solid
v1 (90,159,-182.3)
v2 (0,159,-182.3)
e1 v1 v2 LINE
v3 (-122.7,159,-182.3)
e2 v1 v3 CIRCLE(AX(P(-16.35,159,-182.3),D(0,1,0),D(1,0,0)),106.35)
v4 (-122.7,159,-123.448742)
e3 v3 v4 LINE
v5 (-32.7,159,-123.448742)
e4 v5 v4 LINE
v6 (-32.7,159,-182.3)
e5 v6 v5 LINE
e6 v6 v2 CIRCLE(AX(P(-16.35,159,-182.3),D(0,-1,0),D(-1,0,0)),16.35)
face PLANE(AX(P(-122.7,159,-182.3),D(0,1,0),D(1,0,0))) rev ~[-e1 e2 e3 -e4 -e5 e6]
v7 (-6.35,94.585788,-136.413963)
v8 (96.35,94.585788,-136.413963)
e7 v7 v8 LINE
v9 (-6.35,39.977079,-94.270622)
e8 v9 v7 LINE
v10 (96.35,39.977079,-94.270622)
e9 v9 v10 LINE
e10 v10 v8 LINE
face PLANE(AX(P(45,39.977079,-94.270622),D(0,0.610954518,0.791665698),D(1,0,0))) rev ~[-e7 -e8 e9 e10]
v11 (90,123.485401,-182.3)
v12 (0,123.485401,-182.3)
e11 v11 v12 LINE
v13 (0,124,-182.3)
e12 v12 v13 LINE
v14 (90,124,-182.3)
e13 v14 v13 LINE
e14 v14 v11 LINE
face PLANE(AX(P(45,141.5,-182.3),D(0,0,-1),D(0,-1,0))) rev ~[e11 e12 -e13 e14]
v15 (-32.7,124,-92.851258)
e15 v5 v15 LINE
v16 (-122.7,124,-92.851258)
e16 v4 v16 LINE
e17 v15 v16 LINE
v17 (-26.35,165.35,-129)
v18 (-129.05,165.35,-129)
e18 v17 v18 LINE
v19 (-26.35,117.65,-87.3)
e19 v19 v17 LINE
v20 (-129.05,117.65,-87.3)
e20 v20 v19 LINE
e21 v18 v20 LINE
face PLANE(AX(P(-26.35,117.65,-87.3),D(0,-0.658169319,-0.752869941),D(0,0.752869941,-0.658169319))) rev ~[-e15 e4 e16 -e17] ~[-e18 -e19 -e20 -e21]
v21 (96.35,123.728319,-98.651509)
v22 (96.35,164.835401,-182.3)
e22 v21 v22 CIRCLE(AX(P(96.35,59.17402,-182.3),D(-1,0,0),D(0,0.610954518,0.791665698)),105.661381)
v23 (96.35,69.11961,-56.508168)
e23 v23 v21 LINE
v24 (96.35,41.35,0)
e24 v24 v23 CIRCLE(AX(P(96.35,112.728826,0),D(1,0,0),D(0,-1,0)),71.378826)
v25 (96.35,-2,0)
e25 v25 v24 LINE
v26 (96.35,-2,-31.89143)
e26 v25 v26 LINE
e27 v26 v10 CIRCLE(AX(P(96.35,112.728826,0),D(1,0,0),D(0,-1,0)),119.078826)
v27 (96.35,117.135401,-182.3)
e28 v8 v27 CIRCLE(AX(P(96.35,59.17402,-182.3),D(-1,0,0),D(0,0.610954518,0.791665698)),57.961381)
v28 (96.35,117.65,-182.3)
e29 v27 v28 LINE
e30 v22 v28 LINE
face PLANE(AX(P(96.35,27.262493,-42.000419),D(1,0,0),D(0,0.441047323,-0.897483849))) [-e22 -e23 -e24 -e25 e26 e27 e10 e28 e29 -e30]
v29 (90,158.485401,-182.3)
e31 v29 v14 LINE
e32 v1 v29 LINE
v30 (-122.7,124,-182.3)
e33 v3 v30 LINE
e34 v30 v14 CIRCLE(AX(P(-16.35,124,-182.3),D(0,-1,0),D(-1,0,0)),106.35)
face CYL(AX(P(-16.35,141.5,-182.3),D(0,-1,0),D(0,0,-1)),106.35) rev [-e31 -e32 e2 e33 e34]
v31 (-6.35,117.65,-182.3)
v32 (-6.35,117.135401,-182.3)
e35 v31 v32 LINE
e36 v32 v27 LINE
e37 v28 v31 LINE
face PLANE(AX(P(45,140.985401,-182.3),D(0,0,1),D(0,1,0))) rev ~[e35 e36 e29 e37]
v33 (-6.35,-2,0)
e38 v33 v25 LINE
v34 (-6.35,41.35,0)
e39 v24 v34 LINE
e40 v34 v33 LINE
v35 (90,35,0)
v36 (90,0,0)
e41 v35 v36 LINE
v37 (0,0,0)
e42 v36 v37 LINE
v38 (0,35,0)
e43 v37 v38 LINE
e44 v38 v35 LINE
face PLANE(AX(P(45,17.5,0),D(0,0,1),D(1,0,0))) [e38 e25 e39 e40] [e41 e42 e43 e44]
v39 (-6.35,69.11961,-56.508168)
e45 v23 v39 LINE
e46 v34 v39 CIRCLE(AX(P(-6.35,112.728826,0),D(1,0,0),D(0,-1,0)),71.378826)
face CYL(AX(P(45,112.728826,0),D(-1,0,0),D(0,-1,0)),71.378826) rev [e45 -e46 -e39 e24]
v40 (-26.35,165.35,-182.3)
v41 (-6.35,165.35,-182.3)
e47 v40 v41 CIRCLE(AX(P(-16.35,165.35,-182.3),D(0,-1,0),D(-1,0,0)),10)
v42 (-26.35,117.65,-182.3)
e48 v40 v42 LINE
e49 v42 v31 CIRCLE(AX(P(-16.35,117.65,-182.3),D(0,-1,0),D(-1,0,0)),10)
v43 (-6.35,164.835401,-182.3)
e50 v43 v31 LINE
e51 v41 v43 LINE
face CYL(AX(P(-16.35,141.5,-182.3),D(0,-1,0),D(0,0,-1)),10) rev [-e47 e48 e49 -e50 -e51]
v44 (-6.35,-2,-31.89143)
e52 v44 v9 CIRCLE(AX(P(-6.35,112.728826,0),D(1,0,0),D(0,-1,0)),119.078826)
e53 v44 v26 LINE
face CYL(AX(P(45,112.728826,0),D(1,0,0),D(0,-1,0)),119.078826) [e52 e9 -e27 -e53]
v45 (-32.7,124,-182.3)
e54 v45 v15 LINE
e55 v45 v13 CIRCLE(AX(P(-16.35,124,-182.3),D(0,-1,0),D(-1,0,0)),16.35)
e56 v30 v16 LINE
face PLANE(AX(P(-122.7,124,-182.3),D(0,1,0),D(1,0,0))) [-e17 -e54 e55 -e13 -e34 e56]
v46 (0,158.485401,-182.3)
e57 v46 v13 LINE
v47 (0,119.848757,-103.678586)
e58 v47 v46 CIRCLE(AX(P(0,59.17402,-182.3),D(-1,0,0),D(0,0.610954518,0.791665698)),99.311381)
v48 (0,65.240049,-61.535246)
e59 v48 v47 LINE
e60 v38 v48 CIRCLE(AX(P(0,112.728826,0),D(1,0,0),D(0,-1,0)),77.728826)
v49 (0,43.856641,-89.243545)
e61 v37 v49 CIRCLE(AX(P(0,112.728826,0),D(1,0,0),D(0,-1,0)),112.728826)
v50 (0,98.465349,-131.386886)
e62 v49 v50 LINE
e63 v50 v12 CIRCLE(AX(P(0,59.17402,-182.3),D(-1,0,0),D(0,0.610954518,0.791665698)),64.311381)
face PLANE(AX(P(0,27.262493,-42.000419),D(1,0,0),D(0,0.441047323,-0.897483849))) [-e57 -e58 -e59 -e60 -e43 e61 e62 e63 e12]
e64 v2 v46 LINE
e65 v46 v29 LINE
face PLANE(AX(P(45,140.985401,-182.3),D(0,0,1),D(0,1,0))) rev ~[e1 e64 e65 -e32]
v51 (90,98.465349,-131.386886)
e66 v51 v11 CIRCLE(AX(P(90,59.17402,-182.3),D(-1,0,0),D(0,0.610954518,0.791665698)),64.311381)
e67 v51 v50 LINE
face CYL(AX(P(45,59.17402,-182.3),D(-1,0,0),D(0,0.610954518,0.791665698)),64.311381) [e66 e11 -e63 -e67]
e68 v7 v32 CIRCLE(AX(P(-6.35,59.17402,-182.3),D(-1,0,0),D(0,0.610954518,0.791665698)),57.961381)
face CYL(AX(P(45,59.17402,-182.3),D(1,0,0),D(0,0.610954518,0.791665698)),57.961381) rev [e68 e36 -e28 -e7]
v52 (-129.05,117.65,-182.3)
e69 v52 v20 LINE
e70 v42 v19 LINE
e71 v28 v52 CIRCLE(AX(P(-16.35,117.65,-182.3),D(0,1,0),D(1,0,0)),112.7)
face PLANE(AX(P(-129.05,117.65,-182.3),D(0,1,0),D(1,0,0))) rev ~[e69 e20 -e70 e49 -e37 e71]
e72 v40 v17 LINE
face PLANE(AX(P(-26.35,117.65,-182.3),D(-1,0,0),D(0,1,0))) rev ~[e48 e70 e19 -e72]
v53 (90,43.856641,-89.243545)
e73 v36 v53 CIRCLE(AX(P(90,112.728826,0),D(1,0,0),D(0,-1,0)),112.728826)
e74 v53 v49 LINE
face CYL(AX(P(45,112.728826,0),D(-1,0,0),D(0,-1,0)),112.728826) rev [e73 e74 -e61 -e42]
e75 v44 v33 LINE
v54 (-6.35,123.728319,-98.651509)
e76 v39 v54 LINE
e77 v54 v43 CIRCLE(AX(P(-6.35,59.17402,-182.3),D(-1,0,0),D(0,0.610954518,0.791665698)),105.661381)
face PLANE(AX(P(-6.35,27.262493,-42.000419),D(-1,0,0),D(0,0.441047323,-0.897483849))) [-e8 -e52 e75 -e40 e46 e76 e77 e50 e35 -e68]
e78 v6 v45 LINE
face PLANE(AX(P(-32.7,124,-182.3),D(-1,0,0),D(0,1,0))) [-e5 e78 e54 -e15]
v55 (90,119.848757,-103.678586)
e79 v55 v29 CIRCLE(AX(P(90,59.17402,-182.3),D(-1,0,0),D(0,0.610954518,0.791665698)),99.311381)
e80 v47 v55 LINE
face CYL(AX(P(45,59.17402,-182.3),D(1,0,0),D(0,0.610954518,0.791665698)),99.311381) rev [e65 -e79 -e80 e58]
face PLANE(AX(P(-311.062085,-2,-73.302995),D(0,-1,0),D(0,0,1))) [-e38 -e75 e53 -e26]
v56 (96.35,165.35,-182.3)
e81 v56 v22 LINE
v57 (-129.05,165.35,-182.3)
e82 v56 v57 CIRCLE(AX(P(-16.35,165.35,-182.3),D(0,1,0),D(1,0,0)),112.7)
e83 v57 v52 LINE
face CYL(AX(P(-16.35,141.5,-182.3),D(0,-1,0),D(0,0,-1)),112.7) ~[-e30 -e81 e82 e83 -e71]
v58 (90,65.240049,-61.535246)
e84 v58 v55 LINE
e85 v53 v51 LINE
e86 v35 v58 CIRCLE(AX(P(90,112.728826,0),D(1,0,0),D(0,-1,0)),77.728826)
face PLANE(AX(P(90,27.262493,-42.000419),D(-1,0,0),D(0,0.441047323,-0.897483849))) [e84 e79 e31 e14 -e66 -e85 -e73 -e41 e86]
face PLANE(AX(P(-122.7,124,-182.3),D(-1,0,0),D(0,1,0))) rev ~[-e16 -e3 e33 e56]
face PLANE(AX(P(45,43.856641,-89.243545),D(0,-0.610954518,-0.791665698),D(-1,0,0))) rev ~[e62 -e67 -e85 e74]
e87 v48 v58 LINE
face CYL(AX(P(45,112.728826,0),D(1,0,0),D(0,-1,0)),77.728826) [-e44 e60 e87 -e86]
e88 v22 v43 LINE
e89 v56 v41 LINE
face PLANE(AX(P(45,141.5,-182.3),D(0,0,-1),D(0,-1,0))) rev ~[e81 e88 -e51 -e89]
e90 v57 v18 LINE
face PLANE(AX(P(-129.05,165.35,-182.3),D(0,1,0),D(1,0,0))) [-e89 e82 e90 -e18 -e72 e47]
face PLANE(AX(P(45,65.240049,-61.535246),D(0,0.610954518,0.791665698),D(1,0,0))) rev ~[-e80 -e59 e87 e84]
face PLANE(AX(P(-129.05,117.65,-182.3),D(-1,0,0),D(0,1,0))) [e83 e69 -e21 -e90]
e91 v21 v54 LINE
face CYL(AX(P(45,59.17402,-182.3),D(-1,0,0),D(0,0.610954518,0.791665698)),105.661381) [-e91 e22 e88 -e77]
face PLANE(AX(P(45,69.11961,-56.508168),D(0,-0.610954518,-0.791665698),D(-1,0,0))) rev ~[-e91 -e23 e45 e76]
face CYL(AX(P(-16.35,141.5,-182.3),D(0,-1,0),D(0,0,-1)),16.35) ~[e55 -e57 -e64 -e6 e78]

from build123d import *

# Parameters (mm, degrees)
SKETCH4_W                = 47.7
SKETCH4_H                = 102.7
SKETCH4_W_2              = 35
SKETCH4_H_2              = 90
REVOLVE2_ANGLE           = 90
REVOLVE2_OTHER_WAY_ANGLE = 90
SKETCH10_W               = 102.7
SKETCH10_H               = 47.7
SKETCH10_W_2             = 90
SKETCH10_H_2             = 35
BOSS_EXTRUDE1_DEPTH      = 95
CUT_EXTRUDE2_DEPTH       = 360.751181374
SKETCH1_W                = 102.7
SKETCH1_H                = 47.7
SKETCH1_W_2              = 90
SKETCH1_H_2              = 35
CUT_EXTRUDE3_DEPTH       = 407.412084589
CUT_EXTRUDE3_DEPTH_BACK  = 407.412084589


with BuildPart() as part:
    # Sketch4 → Revolve2 (revolve)
    with BuildSketch(Plane(origin=(-16.35, 0, 0), x_dir=(0, -1, 0), z_dir=(-1, 0, 0))):
        with Locations((-141.5, -243.65)):
            Rectangle(SKETCH4_W, SKETCH4_H)
        with Locations((-141.5, -243.65)):
            Rectangle(SKETCH4_W_2, SKETCH4_H_2, mode=Mode.SUBTRACT)
    revolve(axis=Axis((-16.35, 289, -182.3), (0, -1, 0)), revolution_arc=REVOLVE2_ANGLE)

    # Sketch4 → Revolve2 other way (revolve)
    with BuildSketch(Plane(origin=(-16.35, 0, 0), x_dir=(0, -1, 0), z_dir=(-1, 0, 0))):
        with Locations((-141.5, -243.65)):
            Rectangle(SKETCH4_W, SKETCH4_H)
        with Locations((-141.5, -243.65)):
            Rectangle(SKETCH4_W_2, SKETCH4_H_2, mode=Mode.SUBTRACT)
    revolve(axis=Axis((-16.35, 289, -182.3), (0, 1, 0)), revolution_arc=REVOLVE2_OTHER_WAY_ANGLE)

    # Sketch10 → Boss-Extrude1 (add)
    with BuildSketch(Plane.XY.offset(-182.3)):
        with Locations((-77.7, 141.5)):
            Rectangle(SKETCH10_W, SKETCH10_H)
        with Locations((-77.7, 141.5)):
            Rectangle(SKETCH10_W_2, SKETCH10_H_2, mode=Mode.SUBTRACT)
    extrude(amount=BOSS_EXTRUDE1_DEPTH)

    # Sketch11 → Cut-Extrude2 (cut, through all)
    with BuildSketch(Plane(origin=(-26.35, 0, 0), x_dir=(0, 0, -1), z_dir=(1, 0, 0))):
        Polygon((87.3, 165.35), (87.3, 117.65), (129, 165.35), align=None)
    extrude(amount=-CUT_EXTRUDE2_DEPTH, mode=Mode.SUBTRACT)

    # Sweep1: sweep along a path in Sketch8
    with BuildLine(Plane(origin=(-6.35, 0, 0), x_dir=(0, -1, 0), z_dir=(-1, 0, 0))) as sweep1_path:
        ThreePointArc((5.835401436, 0), (-6.319346867, -52.292435279), (-40.291475749, -93.863232155))
        Line((-40.291475749, -93.863232155), (-94.90018434, -136.006572847))
        ThreePointArc((-94.90018434, -136.006572847), (-111.65526764, -156.509325764), (-117.65, -182.3))
    # Sketch1 → Sweep1 (sweep)
    with BuildSketch(Plane.XY):
        with Locations((45, 17.5)):
            Rectangle(SKETCH1_W, SKETCH1_H)
        with Locations((45, 17.5)):
            Rectangle(SKETCH1_W_2, SKETCH1_H_2, mode=Mode.SUBTRACT)
    sweep(path=sweep1_path.line)

    # Sketch12 → Cut-Extrude3 (cut, two sides: drawn at the far end of the back side and taken through both)
    with BuildSketch(Plane(origin=(96.35, 0, 0), x_dir=(0, 0, -1), z_dir=(1, 0, 0)).offset(-CUT_EXTRUDE3_DEPTH_BACK)):
        with BuildLine():
            Line((31.891429718, -2), (0, -2))
            Line((0, -2), (0, -6.35))
            ThreePointArc((0, -6.35), (16.093366564, -5.25748827), (31.891429718, -2))
        make_face()
        with BuildLine():
            Line((73.302994761, -2), (31.891429718, -2))
            ThreePointArc((31.891429718, -2), (16.093366564, -5.25748827), (0, -6.35))
            Line((0, -6.35), (73.302994761, -6.35))
            Line((73.302994761, -6.35), (73.302994761, -2))
        make_face()
    extrude(amount=CUT_EXTRUDE3_DEPTH + CUT_EXTRUDE3_DEPTH_BACK, mode=Mode.SUBTRACT)


solid = part.part
